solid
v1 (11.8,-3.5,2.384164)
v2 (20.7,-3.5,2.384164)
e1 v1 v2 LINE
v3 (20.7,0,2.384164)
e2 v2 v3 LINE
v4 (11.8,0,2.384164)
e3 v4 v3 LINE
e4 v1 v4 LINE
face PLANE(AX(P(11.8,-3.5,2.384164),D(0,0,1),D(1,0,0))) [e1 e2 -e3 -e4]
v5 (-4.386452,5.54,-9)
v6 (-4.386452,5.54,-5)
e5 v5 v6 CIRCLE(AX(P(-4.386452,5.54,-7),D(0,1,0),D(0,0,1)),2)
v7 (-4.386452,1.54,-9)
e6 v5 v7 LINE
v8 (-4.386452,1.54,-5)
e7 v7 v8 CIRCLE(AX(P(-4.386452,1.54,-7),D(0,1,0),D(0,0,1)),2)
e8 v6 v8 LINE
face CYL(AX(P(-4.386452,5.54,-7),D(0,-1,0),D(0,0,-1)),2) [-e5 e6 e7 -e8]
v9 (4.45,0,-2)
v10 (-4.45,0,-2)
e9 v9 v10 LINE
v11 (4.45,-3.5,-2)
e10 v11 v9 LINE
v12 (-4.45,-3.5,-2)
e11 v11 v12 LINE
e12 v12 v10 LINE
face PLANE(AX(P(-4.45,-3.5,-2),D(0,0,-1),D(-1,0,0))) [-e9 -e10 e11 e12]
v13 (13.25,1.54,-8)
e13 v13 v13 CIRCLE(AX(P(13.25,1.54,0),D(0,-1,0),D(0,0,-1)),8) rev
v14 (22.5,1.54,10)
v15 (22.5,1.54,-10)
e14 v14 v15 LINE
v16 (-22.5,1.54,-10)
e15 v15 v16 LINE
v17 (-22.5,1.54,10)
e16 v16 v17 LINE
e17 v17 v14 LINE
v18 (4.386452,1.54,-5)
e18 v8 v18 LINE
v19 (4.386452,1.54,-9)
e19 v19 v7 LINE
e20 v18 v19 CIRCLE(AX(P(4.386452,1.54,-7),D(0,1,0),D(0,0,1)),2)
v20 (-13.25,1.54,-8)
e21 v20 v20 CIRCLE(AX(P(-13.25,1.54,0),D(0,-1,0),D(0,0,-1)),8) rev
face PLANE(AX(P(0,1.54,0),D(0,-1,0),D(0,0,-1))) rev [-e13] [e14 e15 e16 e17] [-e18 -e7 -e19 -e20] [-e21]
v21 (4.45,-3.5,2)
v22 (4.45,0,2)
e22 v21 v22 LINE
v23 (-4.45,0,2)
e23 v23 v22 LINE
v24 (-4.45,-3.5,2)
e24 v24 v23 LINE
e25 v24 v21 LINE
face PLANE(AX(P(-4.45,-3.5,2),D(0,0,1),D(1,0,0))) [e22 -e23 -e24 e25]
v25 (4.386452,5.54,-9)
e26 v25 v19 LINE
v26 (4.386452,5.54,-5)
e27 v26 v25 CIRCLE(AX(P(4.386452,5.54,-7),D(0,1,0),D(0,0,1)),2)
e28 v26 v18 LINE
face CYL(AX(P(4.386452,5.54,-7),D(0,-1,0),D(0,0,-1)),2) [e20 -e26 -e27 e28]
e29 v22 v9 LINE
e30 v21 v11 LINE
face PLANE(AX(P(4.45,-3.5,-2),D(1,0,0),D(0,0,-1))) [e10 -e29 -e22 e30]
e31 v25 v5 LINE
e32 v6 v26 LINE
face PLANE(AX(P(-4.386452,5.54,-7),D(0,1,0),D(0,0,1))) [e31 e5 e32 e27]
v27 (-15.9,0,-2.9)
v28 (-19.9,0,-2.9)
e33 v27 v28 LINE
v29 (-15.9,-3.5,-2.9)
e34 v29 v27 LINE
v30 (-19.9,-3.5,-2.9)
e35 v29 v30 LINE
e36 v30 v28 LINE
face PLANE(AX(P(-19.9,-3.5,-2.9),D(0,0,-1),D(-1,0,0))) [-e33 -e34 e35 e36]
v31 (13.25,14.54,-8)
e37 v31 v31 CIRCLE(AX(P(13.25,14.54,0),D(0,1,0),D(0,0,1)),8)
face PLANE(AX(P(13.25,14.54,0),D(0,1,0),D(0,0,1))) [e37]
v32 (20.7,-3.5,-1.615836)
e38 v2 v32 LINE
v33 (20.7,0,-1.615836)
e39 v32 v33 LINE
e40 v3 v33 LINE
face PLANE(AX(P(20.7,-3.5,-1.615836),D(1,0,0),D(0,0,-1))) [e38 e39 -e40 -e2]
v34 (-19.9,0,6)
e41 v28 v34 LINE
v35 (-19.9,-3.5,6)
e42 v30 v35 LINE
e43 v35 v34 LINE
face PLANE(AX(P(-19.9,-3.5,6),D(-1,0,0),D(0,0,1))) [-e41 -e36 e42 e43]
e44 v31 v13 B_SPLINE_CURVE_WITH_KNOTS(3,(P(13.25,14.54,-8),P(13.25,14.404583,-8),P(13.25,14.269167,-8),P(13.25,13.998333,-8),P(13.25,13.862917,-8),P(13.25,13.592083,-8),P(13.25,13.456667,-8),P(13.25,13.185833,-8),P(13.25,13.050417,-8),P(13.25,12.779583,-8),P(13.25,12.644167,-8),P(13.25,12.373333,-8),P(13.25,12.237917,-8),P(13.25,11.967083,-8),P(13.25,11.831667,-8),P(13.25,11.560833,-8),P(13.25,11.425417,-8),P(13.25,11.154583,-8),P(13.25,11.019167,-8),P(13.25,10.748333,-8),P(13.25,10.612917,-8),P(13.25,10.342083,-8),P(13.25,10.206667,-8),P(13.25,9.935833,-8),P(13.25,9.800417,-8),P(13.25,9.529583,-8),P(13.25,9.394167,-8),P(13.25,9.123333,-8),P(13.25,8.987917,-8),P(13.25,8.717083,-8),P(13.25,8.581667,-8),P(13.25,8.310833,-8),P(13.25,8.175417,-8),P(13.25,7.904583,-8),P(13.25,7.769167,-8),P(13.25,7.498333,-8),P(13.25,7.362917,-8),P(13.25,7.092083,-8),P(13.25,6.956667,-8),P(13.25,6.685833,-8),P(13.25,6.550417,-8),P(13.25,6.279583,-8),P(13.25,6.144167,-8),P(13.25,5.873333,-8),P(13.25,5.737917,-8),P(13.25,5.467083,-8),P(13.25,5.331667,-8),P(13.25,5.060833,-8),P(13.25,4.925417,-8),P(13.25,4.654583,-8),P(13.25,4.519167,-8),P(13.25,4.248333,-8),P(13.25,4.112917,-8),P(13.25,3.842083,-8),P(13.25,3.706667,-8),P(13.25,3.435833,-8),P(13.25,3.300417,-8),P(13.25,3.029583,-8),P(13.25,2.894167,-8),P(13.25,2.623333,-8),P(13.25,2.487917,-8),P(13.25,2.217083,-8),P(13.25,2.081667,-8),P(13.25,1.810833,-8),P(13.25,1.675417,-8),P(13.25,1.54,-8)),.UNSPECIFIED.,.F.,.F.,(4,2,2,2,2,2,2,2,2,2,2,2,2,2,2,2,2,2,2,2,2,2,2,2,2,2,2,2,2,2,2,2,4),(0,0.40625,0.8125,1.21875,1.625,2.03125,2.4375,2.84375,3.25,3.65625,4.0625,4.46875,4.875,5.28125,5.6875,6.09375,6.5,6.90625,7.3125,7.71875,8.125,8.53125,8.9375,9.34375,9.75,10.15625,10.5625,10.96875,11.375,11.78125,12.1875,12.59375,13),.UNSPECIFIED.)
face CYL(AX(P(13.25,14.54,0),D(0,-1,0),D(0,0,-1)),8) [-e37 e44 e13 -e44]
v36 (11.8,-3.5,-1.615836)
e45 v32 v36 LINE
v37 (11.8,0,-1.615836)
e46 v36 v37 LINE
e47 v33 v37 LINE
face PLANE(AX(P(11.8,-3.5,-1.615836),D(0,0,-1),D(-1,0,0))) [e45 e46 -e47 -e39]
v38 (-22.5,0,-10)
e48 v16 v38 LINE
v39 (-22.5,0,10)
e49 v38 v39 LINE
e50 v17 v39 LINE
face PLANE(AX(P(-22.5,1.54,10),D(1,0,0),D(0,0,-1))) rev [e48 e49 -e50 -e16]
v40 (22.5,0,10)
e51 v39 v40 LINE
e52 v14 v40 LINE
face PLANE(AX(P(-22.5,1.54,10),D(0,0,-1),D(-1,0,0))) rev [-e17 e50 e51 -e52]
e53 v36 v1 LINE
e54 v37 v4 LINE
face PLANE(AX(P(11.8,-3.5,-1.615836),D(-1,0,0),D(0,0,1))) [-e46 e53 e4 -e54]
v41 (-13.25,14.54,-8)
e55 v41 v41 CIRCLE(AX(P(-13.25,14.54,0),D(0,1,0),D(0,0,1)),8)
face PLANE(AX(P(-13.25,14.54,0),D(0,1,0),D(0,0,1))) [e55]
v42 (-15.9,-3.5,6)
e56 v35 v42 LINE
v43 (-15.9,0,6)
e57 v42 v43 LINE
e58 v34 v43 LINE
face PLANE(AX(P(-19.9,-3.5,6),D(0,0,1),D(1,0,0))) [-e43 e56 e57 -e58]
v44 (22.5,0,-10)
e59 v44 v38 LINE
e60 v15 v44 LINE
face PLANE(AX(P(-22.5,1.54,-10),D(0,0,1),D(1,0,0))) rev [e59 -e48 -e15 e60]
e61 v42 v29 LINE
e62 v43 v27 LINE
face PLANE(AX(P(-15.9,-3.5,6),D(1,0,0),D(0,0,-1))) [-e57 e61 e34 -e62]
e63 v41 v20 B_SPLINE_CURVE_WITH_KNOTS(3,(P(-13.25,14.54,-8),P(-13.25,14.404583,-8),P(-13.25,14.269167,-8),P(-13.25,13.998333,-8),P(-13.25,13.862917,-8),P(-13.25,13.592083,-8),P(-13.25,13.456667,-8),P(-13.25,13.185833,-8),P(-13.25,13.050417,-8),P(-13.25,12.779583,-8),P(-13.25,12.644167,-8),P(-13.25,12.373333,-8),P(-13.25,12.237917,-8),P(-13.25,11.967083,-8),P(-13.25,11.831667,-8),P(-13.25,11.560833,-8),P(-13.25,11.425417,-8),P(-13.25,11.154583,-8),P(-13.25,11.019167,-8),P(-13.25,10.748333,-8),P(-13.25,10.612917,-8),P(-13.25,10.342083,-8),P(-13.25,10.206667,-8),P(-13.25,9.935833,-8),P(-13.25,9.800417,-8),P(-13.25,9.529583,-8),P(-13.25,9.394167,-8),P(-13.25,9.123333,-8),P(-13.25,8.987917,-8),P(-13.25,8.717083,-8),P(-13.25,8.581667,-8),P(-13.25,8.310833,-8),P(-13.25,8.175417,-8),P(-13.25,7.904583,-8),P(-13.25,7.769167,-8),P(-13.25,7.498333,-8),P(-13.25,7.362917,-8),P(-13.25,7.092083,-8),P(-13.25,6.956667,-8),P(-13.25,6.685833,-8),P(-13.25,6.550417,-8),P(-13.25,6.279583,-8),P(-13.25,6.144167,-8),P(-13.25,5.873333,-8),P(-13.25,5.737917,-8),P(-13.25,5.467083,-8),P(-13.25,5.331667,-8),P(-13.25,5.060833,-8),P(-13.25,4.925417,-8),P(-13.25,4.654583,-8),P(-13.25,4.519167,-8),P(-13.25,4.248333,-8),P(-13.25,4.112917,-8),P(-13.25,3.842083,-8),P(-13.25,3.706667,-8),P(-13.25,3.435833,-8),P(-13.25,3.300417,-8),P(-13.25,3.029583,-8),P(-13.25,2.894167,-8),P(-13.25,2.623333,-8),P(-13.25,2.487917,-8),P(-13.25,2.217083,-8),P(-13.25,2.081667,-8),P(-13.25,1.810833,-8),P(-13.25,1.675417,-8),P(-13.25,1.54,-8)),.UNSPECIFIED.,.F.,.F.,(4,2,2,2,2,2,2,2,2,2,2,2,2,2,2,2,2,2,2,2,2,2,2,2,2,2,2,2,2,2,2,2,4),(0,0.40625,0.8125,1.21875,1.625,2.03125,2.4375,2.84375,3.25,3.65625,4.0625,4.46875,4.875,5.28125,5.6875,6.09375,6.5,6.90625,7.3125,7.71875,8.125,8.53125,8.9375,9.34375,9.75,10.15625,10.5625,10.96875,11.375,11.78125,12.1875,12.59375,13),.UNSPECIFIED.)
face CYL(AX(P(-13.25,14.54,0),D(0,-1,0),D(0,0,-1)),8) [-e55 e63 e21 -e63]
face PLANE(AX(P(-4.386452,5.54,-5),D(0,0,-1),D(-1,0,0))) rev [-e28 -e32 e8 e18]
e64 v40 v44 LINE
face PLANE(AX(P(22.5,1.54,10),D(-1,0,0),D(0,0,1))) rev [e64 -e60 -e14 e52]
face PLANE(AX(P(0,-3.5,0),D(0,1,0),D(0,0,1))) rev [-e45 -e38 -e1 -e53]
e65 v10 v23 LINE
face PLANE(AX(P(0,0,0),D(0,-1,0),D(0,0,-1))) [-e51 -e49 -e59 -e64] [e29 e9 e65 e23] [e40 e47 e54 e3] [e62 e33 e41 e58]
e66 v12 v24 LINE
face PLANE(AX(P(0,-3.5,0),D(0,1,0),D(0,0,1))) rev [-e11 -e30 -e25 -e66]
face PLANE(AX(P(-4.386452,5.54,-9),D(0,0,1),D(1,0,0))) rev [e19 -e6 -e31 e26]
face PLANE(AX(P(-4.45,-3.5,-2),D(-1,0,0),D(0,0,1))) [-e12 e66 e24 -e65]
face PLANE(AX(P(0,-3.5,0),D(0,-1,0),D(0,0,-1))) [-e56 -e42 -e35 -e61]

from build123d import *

# Parameters (mm, degrees)
SKETCH1_W           = 45
SKETCH1_H           = 20
BOSS_EXTRUDE1_DEPTH = 1.54
SKETCH2_R           = 8
BOSS_EXTRUDE2_DEPTH = 13
BOSS_EXTRUDE3_DEPTH = 4
SKETCH4_W           = 8.9
SKETCH4_H           = 4
SKETCH4_W_2         = 4
SKETCH4_H_2         = 8.9
BOSS_EXTRUDE4_DEPTH = 3.5


with BuildPart() as part:
    # Sketch1 → Boss-Extrude1 (new body)
    with BuildSketch(Plane(origin=(0, 0, 0), x_dir=(1, 0, 0), z_dir=(0, 1, 0))):
        Rectangle(SKETCH1_W, SKETCH1_H)
    extrude(amount=BOSS_EXTRUDE1_DEPTH)

    # Sketch2 → Boss-Extrude2 (add)
    with BuildSketch(Plane(origin=(0, 1.54, 0), x_dir=(1, 0, 0), z_dir=(0, 1, 0))):
        with Locations(Location((-13.25, 0, 0), (0, 0, 90))):
            Circle(SKETCH2_R)
        with Locations(Location((13.25, 0, 0), (0, 0, 90))):
            Circle(SKETCH2_R)
    extrude(amount=BOSS_EXTRUDE2_DEPTH)

    # Sketch3 → Boss-Extrude3 (add)
    with BuildSketch(Plane(origin=(0, 1.54, 0), x_dir=(1, 0, 0), z_dir=(0, 1, 0))):
        with BuildLine():
            Line((-4.3864516, 9), (4.3864516, 9))
            ThreePointArc((4.3864516, 9), (6.3864516, 7), (4.3864516, 5))
            Line((4.3864516, 5), (-4.3864516, 5))
            ThreePointArc((-4.3864516, 5), (-6.3864516, 7), (-4.3864516, 9))
        make_face()
    extrude(amount=BOSS_EXTRUDE3_DEPTH)

    # Sketch4 → Boss-Extrude4 (add)
    with BuildSketch(Plane(origin=(0, 0, 0), x_dir=(1, 0, 0), z_dir=(0, 1, 0))):
        Rectangle(SKETCH4_W, SKETCH4_H)
        with Locations((16.25, -0.384163824)):
            Rectangle(SKETCH4_W, SKETCH4_H)
        with Locations((-17.9, -1.55)):
            Rectangle(SKETCH4_W_2, SKETCH4_H_2)
    extrude(amount=-BOSS_EXTRUDE4_DEPTH)


solid = part.part
